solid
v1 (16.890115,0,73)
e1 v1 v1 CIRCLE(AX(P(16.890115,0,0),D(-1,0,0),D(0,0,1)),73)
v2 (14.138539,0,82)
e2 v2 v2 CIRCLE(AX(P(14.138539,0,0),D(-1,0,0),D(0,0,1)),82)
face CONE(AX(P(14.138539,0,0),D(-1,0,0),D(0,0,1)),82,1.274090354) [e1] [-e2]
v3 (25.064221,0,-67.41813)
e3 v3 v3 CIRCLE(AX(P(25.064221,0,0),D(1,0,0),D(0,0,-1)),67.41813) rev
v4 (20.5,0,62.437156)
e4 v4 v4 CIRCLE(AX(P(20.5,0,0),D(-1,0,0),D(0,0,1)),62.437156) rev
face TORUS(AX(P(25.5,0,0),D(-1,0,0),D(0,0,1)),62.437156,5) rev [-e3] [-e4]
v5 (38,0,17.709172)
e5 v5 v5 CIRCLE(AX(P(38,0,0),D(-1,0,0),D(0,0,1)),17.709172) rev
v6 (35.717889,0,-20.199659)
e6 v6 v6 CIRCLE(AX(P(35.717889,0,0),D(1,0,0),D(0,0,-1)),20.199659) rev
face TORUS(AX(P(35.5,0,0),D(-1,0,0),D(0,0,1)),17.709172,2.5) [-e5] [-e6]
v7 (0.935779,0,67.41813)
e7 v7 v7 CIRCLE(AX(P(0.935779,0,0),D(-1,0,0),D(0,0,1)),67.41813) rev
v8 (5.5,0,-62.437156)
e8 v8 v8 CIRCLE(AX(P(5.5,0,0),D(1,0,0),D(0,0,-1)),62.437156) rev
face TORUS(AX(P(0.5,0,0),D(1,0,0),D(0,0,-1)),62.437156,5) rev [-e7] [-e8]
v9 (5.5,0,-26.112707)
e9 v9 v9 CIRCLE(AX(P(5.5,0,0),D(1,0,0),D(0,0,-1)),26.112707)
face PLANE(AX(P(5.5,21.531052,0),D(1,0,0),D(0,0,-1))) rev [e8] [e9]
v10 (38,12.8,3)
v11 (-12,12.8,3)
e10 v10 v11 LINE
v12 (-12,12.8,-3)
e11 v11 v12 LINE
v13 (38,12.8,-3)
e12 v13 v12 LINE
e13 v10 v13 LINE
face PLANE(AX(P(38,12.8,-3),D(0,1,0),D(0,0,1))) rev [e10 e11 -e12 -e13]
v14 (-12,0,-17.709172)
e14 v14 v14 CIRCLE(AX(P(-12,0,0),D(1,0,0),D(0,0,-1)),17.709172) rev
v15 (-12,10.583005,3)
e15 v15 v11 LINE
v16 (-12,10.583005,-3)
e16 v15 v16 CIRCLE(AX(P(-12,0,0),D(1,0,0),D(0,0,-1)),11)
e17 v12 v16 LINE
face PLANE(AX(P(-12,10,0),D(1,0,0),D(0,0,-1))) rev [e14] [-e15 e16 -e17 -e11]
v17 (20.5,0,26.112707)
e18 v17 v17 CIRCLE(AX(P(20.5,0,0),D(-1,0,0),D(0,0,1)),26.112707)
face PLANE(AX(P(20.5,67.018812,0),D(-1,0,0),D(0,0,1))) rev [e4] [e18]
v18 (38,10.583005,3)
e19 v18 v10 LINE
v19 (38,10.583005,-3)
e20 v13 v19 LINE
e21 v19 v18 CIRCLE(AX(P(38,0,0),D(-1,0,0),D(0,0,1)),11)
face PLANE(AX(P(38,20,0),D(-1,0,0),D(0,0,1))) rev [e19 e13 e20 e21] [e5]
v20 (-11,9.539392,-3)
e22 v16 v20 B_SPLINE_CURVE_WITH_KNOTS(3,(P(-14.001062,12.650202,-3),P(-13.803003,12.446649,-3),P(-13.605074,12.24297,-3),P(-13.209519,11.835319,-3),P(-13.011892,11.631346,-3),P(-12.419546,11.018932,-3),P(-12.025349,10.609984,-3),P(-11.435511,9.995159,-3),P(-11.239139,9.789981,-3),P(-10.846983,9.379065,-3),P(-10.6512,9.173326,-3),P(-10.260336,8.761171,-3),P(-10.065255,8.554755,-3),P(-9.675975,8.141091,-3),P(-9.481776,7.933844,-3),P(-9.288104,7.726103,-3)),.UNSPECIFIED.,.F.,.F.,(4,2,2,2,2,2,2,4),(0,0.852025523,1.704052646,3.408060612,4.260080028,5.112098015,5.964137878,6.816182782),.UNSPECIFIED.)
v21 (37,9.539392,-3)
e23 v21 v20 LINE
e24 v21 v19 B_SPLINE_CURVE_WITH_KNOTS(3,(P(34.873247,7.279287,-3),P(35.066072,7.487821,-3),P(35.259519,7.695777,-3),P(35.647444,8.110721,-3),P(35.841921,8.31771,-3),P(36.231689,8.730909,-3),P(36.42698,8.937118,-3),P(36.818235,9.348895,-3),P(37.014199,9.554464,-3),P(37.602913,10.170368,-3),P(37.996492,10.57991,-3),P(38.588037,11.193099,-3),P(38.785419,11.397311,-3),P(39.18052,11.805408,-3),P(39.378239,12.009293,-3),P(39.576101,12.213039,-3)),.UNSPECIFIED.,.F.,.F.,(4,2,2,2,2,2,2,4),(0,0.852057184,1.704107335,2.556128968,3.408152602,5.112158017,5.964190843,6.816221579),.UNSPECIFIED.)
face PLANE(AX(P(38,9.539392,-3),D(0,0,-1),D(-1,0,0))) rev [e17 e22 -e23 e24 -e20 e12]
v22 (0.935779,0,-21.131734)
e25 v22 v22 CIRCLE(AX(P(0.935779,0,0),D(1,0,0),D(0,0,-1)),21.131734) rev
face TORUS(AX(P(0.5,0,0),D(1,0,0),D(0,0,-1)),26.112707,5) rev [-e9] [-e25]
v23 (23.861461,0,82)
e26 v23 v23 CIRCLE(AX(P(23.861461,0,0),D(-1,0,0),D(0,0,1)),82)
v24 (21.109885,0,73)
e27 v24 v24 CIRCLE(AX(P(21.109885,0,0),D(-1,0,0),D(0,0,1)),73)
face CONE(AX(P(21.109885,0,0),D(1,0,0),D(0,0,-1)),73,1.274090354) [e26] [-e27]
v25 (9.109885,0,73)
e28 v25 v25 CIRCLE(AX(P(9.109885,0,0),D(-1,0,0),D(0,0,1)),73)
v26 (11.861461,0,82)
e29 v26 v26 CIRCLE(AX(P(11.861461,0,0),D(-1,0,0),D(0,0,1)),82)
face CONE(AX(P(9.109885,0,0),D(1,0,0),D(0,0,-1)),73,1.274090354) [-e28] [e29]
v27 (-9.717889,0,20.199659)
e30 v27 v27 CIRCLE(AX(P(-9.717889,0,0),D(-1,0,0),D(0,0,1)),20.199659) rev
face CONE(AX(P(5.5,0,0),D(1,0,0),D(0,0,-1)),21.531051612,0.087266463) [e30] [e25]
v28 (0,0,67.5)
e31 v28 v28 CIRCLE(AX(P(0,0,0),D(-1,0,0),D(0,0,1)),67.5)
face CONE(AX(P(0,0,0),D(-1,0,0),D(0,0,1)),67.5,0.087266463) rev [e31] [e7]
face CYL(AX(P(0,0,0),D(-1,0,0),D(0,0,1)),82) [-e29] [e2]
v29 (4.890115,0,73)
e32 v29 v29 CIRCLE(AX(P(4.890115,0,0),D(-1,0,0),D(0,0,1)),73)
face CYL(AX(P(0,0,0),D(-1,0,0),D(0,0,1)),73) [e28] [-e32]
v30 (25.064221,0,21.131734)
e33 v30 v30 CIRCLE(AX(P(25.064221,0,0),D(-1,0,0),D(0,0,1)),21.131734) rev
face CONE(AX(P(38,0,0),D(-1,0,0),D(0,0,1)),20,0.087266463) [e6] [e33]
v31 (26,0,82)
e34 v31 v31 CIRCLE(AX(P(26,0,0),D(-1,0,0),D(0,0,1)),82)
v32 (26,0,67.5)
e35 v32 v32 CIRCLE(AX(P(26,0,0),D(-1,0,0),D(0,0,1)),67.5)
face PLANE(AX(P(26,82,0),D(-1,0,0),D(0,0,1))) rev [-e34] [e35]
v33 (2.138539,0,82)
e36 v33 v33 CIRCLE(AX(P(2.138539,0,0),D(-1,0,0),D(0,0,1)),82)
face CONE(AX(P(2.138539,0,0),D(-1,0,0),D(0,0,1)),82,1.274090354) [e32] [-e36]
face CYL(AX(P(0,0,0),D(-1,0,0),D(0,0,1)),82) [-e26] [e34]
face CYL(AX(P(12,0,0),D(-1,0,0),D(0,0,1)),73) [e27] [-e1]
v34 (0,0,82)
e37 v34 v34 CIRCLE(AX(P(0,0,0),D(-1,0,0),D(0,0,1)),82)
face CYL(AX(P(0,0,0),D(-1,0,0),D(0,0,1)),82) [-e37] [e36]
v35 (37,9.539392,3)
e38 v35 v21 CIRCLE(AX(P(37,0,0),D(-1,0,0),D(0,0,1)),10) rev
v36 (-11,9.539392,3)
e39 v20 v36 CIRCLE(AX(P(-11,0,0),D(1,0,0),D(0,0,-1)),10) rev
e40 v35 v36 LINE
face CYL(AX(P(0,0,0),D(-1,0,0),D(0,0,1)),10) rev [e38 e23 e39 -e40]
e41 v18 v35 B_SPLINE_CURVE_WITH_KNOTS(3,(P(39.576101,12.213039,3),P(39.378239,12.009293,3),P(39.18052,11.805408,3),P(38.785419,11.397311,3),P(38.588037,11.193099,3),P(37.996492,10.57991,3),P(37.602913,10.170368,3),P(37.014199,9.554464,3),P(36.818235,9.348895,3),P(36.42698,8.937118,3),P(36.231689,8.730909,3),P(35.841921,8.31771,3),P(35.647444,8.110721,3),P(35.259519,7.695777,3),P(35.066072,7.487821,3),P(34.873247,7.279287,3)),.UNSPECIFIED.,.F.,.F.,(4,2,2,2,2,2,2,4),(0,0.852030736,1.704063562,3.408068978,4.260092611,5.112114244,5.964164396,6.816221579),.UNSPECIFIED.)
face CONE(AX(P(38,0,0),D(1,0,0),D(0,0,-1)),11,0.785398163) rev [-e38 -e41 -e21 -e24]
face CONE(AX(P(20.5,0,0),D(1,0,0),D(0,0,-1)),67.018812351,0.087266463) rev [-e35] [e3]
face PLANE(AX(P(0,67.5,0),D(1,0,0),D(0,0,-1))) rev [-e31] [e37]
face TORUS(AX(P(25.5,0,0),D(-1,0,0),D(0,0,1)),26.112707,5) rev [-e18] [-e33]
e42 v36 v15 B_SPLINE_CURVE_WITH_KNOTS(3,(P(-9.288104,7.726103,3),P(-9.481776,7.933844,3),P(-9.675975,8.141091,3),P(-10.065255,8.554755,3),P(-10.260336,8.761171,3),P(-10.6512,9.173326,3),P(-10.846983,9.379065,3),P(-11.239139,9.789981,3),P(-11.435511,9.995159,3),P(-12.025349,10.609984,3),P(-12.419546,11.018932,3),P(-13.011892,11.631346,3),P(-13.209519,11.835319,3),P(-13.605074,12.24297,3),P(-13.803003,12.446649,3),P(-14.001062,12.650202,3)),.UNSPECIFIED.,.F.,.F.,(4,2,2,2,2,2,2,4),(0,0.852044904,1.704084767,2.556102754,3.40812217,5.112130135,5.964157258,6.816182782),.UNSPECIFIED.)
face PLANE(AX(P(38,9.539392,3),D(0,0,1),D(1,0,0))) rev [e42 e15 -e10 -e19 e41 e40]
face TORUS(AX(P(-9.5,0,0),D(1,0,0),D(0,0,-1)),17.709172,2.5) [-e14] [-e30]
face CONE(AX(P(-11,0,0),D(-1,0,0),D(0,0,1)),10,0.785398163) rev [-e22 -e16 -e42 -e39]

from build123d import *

# Parameters (mm, degrees)
PATTERN_LINEAR_999_COUNT = 2
PATTERN_LINEAR_999_PITCH = 12
CHAMFER_1_SIZE           = 1
SKETCH_4_W               = 6
SKETCH_4_H               = 3.260607938
CUT_EXTRUDE_1_DEPTH      = 127.285391079
FILLET_1_R               = 5
FILLET_2_R               = 2.5


with BuildPart() as part:
    # 草图1 → 旋转1 (revolve)
    with BuildSketch(Plane.XY, mode=Mode.PRIVATE) as revolve_1_sk:
        Polygon((-12, 10), (-12, 20), (5.5, 21.531051612), (5.5, 67.018812351), (0, 67.5), (0, 82), (26, 82), (26, 67.5), (20.5, 67.018812351), (20.5, 21.531051612), (38, 20), (38, 10), align=None)
    revolve(revolve_1_sk.sketch.rotate(Axis((0, 0, 0), (1, 0, 0)), 90), axis=Axis((0, 0, 0), (1, 0, 0)))

    # 草图2 → 切除-旋转1 (revolve, cut)
    with BuildSketch(Plane.XY, mode=Mode.PRIVATE) as cut_revolve_1_sk:
        Polygon((9.10988523, 73), (11.861461363, 82), (2.138538637, 82), (4.89011477, 73), align=None)
    cut_revolve_1 = revolve(cut_revolve_1_sk.sketch.rotate(Axis((0, 0, 0), (1, 0, 0)), 90), axis=Axis((0, 0, 0), (1, 0, 0)), mode=Mode.SUBTRACT)

    # Pattern Linear 999: 切除-旋转1 ×2
    with Locations(*[(i * PATTERN_LINEAR_999_PITCH, 0, 0) for i in range(1, PATTERN_LINEAR_999_COUNT)]):
        add(cut_revolve_1, mode=Mode.SUBTRACT)

    # 倒角1
    chamfer_1_edges = [part.edges().sort_by_distance(p)[0] for p in [
        (-12, 0, -10),
        (38, 0, -10),
    ]]
    chamfer(chamfer_1_edges, length=CHAMFER_1_SIZE)

    # 草图4 → 切除-拉伸1 (cut, through all)
    with BuildSketch(Plane.ZY.offset(12)):
        with Locations((0, 11.169695983)):
            Rectangle(SKETCH_4_W, SKETCH_4_H)
    extrude(amount=-CUT_EXTRUDE_1_DEPTH, mode=Mode.SUBTRACT)

    # 圆角1
    fillet_1_edges = [part.edges().sort_by_distance(p)[0] for p in [
        (5.5, 0, -67.018812351),
        (5.5, 0, -21.531051612),
        (20.5, 0, -21.531051612),
        (20.5, 0, -67.018812351),
    ]]
    fillet(fillet_1_edges, radius=FILLET_1_R)

    # 圆角2
    fillet_2_edges = [part.edges().sort_by_distance(p)[0] for p in [
        (-12, 0, -20),
        (38, 0, -20),
    ]]
    fillet(fillet_2_edges, radius=FILLET_2_R)


solid = part.part
